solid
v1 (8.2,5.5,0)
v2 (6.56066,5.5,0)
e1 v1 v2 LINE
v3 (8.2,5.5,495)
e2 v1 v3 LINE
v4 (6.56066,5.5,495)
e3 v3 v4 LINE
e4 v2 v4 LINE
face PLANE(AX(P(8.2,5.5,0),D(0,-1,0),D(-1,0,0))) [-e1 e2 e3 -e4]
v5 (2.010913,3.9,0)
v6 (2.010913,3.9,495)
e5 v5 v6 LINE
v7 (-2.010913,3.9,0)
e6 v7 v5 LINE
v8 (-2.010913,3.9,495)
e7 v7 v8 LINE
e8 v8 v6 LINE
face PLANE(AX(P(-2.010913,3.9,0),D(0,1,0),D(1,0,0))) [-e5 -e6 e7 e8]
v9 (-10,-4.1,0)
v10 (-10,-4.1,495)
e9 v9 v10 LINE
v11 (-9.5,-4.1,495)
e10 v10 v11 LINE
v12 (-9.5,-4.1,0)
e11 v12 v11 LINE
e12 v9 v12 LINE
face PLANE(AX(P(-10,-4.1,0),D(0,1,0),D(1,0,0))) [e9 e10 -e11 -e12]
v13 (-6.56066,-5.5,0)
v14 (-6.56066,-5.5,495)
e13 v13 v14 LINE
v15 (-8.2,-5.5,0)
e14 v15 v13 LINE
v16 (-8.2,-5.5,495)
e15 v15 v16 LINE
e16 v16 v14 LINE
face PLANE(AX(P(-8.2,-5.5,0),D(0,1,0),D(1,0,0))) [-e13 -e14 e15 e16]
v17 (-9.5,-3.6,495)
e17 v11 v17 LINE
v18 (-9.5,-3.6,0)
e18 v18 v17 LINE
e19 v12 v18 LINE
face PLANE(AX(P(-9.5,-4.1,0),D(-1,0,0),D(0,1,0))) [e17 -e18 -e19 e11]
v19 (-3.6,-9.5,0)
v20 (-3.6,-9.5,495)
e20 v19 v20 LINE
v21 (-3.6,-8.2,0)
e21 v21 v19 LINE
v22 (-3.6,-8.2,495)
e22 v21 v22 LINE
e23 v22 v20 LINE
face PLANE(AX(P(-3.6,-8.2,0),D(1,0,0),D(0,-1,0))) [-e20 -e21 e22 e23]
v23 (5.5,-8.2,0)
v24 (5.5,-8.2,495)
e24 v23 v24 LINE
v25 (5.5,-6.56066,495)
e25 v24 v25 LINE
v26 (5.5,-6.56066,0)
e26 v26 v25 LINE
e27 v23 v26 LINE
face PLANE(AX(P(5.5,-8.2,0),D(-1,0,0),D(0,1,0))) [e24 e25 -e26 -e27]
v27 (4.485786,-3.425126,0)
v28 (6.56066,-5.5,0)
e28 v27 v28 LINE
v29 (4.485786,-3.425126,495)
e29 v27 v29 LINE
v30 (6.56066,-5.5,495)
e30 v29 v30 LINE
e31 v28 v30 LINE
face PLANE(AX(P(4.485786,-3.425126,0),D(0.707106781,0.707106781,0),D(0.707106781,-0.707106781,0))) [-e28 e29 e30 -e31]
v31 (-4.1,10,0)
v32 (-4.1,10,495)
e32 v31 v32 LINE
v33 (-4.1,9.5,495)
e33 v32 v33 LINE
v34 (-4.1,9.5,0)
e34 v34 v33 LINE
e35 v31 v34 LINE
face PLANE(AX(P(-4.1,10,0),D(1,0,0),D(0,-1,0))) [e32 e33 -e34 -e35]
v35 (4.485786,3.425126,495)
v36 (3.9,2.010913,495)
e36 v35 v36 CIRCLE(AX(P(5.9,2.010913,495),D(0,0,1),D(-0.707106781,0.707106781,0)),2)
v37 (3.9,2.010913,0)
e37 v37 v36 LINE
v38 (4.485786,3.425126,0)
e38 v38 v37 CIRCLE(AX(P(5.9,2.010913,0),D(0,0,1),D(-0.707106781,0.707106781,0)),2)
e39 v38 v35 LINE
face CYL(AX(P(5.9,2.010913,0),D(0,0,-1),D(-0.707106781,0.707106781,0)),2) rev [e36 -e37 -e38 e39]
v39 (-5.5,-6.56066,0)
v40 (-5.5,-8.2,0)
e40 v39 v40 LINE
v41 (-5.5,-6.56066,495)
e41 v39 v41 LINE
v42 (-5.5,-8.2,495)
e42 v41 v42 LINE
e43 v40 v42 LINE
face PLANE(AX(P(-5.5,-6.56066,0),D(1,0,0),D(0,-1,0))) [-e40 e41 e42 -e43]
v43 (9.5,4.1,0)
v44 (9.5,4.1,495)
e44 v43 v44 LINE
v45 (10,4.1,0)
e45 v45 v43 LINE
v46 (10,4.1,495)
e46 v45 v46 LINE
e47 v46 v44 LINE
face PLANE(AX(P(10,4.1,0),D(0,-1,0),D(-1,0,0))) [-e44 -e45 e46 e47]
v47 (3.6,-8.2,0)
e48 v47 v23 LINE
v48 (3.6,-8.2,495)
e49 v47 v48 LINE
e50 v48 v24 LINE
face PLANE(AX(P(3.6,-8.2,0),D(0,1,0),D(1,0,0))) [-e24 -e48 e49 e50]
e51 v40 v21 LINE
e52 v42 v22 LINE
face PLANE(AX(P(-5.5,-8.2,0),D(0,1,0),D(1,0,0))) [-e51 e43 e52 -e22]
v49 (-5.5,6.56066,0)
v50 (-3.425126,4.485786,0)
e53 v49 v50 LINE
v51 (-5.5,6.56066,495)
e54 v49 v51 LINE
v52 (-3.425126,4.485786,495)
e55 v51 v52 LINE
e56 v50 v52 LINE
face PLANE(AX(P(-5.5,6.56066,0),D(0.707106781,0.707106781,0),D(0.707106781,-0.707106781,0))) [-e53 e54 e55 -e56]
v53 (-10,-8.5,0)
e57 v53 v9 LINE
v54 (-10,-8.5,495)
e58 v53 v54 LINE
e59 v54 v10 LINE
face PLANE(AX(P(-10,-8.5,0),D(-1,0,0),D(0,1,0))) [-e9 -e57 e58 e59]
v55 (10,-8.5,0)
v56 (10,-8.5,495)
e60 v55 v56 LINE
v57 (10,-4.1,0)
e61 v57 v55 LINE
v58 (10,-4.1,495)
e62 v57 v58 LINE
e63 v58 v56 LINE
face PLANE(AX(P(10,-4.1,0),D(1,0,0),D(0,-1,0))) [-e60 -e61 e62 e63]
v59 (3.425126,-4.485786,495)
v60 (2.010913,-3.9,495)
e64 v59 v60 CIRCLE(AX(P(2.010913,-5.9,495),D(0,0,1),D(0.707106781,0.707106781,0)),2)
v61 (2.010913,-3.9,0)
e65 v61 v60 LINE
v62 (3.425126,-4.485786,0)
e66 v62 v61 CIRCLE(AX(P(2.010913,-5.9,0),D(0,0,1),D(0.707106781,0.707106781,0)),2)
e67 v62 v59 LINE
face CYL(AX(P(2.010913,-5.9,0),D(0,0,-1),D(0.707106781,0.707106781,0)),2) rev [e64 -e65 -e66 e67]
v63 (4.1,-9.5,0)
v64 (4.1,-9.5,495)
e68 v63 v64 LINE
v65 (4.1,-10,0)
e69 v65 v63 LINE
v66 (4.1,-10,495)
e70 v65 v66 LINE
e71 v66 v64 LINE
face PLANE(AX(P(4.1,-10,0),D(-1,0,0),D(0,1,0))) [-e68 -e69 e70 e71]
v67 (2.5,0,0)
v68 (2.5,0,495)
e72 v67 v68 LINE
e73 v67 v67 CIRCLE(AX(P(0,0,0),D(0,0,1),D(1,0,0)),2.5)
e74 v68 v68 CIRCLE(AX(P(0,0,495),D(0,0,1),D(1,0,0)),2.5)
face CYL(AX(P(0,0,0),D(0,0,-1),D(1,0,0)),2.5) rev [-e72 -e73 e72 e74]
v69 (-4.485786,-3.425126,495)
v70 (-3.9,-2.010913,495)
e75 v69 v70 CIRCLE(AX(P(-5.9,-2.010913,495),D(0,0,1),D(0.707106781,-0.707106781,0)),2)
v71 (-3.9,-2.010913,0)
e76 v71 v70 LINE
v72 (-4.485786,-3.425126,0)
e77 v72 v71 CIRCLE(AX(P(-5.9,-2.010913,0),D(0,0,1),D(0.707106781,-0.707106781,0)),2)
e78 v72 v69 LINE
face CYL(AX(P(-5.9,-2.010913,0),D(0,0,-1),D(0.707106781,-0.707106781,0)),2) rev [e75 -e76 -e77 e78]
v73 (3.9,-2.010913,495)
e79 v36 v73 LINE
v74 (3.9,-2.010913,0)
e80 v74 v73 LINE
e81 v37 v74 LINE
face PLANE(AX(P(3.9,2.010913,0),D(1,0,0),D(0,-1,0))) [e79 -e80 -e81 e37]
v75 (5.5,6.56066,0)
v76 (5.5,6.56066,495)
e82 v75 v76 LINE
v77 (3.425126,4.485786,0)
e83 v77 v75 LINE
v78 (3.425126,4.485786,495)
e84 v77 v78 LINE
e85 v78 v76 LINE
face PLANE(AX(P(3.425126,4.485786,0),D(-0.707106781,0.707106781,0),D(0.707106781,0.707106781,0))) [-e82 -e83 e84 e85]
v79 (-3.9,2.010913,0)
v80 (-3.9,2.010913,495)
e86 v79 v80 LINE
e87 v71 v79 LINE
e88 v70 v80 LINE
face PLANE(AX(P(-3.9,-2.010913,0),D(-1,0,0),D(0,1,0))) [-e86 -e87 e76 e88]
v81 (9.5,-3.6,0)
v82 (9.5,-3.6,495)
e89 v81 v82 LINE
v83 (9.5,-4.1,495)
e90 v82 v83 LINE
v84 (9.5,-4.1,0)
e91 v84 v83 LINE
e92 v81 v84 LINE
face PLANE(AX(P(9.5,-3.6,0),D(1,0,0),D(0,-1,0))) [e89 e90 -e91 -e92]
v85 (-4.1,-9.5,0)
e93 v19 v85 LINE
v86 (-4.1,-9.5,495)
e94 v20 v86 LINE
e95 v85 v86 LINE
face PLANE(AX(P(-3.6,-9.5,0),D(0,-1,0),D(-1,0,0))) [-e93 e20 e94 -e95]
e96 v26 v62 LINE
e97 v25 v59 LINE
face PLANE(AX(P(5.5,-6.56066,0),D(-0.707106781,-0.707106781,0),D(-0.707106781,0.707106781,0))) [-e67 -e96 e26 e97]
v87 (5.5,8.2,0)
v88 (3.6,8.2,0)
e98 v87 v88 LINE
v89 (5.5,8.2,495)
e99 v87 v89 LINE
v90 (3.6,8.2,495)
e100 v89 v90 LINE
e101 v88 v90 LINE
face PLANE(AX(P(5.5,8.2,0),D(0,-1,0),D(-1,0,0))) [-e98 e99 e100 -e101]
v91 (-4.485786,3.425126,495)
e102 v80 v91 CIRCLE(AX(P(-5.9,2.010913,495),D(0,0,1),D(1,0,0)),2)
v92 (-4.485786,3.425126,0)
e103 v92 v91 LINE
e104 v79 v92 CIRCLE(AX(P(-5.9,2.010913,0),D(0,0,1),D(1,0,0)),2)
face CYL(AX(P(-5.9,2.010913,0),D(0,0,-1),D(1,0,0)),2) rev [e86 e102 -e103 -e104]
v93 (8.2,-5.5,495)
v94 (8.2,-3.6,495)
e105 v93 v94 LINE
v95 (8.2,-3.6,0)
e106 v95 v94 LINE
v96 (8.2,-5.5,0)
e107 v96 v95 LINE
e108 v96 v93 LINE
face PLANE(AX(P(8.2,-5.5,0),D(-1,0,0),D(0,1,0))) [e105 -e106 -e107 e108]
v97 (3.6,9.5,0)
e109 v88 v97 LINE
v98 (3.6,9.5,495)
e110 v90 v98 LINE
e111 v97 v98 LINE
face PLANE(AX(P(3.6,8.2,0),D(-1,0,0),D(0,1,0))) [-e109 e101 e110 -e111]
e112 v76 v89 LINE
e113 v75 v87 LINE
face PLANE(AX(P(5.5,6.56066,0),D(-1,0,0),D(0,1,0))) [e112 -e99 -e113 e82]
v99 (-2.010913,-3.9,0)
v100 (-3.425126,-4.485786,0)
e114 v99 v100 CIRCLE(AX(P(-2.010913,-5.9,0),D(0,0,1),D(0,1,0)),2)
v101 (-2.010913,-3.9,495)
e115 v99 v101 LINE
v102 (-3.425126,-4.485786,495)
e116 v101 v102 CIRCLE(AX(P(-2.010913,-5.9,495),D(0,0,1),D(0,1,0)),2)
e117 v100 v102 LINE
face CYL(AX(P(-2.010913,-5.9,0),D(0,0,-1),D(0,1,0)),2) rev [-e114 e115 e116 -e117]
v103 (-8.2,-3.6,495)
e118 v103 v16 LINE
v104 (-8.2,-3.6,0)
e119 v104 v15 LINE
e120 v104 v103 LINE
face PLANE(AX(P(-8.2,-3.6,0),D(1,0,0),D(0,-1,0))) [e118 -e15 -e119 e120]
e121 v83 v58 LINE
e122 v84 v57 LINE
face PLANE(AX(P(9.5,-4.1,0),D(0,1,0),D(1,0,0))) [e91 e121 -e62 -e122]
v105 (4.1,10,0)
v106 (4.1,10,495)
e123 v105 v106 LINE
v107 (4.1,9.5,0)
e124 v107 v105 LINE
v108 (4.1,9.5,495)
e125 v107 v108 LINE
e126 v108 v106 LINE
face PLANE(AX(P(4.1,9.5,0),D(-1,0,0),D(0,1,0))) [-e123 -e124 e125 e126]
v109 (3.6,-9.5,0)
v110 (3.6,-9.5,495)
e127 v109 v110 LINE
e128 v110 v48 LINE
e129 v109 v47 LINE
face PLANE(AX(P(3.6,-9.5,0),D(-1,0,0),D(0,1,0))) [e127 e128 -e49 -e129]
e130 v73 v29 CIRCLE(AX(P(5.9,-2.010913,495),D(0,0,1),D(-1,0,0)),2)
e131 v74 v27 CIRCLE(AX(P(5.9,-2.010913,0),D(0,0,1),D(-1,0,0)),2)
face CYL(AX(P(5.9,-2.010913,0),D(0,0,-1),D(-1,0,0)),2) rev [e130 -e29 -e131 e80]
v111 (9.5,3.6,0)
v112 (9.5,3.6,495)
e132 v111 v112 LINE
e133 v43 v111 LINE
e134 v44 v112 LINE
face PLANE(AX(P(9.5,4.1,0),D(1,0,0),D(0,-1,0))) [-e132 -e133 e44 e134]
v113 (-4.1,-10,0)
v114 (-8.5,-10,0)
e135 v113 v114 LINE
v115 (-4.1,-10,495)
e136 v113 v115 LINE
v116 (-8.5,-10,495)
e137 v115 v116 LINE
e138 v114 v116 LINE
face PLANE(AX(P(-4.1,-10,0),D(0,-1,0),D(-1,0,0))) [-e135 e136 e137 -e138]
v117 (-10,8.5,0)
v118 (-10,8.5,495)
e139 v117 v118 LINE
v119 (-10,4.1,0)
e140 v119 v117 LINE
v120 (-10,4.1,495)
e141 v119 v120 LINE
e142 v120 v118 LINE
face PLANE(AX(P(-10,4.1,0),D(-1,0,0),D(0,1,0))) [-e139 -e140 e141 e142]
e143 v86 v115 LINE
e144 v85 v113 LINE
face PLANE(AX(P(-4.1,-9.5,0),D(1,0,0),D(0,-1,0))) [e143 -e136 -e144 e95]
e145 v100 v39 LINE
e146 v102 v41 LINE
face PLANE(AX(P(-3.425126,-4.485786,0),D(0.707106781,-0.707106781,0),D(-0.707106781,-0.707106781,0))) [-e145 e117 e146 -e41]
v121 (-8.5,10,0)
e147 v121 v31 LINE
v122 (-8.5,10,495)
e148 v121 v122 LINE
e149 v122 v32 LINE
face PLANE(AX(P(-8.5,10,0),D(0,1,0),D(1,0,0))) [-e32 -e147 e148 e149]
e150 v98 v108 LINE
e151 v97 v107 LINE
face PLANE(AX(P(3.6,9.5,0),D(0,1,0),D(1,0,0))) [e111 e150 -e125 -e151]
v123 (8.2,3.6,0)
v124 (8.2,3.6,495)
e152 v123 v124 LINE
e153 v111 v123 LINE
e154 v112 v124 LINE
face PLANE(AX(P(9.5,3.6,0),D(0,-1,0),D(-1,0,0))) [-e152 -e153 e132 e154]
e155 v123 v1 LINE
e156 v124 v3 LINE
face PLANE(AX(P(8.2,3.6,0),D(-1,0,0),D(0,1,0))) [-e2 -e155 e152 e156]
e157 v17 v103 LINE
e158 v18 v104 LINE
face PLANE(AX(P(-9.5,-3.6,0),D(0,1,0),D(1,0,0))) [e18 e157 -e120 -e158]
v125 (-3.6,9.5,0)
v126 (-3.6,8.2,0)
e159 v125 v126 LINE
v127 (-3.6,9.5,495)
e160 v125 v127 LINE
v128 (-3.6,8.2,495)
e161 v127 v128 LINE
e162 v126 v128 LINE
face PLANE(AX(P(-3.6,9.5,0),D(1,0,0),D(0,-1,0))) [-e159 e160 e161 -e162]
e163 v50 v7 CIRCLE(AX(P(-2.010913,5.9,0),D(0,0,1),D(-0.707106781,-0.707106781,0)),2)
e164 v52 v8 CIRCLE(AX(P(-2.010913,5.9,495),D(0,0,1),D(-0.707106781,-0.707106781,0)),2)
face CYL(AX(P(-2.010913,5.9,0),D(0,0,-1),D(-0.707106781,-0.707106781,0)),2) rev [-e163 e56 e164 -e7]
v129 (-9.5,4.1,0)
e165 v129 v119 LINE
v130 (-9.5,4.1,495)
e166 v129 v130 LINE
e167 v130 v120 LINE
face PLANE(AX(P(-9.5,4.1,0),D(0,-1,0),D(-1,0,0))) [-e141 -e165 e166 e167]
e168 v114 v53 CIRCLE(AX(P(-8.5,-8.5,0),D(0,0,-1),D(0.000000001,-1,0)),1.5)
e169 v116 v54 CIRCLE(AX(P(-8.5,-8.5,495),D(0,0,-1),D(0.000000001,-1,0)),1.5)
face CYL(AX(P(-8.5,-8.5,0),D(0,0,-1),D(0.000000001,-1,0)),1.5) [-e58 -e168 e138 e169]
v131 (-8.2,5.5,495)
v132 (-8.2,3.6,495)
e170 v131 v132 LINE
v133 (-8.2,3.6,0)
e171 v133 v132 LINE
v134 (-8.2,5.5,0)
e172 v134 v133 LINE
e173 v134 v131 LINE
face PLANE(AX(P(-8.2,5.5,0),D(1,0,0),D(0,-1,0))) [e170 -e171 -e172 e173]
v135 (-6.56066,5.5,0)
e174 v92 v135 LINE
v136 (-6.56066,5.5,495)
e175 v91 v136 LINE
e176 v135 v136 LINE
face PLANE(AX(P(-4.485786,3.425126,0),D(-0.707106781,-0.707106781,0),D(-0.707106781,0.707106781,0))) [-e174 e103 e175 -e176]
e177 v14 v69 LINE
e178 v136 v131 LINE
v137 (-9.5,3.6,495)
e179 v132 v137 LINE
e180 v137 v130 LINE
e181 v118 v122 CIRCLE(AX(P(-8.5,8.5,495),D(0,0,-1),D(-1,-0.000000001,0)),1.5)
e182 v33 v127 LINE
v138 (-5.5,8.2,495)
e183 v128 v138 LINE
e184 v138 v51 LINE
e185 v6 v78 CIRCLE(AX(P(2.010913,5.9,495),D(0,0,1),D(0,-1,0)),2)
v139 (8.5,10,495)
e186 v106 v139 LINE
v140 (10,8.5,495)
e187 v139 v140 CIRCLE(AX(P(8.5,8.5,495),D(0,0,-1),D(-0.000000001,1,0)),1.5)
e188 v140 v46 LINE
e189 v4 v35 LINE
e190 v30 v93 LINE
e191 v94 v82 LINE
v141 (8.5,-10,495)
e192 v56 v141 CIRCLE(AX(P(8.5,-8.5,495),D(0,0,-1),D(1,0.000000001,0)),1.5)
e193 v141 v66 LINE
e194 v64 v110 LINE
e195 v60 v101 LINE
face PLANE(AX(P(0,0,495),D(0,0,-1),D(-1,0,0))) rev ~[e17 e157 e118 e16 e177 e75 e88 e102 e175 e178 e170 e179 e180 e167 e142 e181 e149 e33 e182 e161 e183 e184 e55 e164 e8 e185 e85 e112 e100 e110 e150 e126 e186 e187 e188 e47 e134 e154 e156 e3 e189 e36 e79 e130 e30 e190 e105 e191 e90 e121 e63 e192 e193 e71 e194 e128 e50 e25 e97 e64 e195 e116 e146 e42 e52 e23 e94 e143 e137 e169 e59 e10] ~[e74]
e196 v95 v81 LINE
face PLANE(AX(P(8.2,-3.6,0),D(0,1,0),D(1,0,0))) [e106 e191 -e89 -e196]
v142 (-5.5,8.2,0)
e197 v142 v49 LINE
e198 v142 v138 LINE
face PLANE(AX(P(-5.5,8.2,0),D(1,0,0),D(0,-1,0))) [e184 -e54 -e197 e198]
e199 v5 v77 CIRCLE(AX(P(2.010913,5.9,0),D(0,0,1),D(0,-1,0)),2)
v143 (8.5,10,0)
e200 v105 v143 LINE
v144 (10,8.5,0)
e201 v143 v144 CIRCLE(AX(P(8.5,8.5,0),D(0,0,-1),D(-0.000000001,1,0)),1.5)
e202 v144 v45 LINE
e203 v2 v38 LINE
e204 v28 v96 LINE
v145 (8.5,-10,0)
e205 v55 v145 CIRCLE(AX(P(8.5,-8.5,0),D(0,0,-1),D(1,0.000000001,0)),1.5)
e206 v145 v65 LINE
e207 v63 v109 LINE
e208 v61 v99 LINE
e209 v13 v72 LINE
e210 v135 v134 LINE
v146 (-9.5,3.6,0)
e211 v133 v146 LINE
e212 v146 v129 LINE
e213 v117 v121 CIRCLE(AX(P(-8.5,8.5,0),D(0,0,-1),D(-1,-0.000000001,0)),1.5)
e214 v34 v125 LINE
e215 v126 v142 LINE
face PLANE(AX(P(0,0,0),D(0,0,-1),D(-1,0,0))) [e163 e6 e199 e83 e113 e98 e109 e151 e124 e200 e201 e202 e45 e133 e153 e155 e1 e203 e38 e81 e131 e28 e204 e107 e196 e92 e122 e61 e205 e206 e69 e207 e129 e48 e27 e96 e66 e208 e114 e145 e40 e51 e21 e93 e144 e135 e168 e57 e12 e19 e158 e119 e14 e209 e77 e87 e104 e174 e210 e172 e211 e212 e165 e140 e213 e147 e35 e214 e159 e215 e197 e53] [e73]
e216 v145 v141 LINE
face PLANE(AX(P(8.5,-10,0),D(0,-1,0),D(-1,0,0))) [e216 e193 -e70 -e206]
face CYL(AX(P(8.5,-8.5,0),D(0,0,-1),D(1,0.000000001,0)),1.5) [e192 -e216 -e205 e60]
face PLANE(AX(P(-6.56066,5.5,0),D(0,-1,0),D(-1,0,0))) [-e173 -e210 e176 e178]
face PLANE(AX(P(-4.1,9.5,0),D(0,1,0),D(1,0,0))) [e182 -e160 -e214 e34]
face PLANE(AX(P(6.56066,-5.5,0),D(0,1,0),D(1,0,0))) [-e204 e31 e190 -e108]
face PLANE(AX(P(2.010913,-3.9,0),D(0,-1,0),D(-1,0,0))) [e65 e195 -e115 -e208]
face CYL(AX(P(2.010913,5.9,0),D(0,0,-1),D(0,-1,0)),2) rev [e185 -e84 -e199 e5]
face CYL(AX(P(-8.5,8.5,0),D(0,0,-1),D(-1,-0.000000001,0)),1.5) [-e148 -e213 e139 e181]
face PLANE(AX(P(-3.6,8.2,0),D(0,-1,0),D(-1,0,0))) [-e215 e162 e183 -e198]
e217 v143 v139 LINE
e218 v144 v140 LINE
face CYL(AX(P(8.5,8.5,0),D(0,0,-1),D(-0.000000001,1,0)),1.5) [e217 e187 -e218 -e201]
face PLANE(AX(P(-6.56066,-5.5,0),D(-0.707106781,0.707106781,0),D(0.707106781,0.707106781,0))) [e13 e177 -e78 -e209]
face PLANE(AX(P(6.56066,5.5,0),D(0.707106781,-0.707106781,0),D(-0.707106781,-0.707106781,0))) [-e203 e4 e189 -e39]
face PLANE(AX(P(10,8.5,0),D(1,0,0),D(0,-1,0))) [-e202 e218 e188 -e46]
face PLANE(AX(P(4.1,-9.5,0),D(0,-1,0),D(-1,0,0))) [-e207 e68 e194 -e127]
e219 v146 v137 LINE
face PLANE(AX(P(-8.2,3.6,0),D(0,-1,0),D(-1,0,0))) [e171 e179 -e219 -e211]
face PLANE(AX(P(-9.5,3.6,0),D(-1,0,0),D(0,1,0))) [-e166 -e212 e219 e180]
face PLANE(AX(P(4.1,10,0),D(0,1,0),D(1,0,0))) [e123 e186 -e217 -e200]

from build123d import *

# Parameters (mm, degrees)
SKETCH1_R           = 2.5
BOSS_EXTRUDE2_DEPTH = 495


with BuildPart() as part:
    # Sketch1 → Boss-Extrude2 (new body)
    with BuildSketch(Plane.XY):
        with BuildLine():
            Line((10, -4.1), (10, -8.5))
            ThreePointArc((10, -8.5), (9.560660172, -9.560660172), (8.5, -10))
            Line((8.5, -10), (4.1, -10))
            Line((4.1, -10), (4.1, -9.5))
            Line((4.1, -9.5), (3.6, -9.5))
            Line((3.6, -9.5), (3.6, -8.2))
            Line((3.6, -8.2), (5.5, -8.2))
            Line((5.5, -8.2), (5.5, -6.560660172))
            Line((5.5, -6.560660172), (3.425126266, -4.485786438))
            ThreePointArc((3.425126266, -4.485786438), (2.776279568, -4.052240935), (2.010912703, -3.9))
            Line((2.010912703, -3.9), (-2.010912703, -3.9))
            ThreePointArc((-2.010912703, -3.9), (-2.776279568, -4.052240935), (-3.425126266, -4.485786438))
            Line((-3.425126266, -4.485786438), (-5.5, -6.560660172))
            Line((-5.5, -6.560660172), (-5.5, -8.2))
            Line((-5.5, -8.2), (-3.6, -8.2))
            Line((-3.6, -8.2), (-3.6, -9.5))
            Line((-3.6, -9.5), (-4.1, -9.5))
            Line((-4.1, -9.5), (-4.1, -10))
            Line((-4.1, -10), (-8.5, -10))
            ThreePointArc((-8.5, -10), (-9.560660172, -9.560660172), (-10, -8.5))
            Line((-10, -8.5), (-10, -4.1))
            Line((-10, -4.1), (-9.5, -4.1))
            Line((-9.5, -4.1), (-9.5, -3.6))
            Line((-9.5, -3.6), (-8.2, -3.6))
            Line((-8.2, -3.6), (-8.2, -5.5))
            Line((-8.2, -5.5), (-6.560660172, -5.5))
            Line((-6.560660172, -5.5), (-4.485786438, -3.425126266))
            ThreePointArc((-4.485786438, -3.425126266), (-4.052240935, -2.776279568), (-3.9, -2.010912703))
            Line((-3.9, -2.010912703), (-3.9, 2.010912703))
            ThreePointArc((-3.9, 2.010912703), (-4.052240935, 2.776279568), (-4.485786438, 3.425126266))
            Line((-4.485786438, 3.425126266), (-6.560660172, 5.5))
            Line((-6.560660172, 5.5), (-8.2, 5.5))
            Line((-8.2, 5.5), (-8.2, 3.6))
            Line((-8.2, 3.6), (-9.5, 3.6))
            Line((-9.5, 3.6), (-9.5, 4.1))
            Line((-9.5, 4.1), (-10, 4.1))
            Line((-10, 4.1), (-10, 8.5))
            ThreePointArc((-10, 8.5), (-9.560660172, 9.560660172), (-8.5, 10))
            Line((-8.5, 10), (-4.1, 10))
            Line((-4.1, 10), (-4.1, 9.5))
            Line((-4.1, 9.5), (-3.6, 9.5))
            Line((-3.6, 9.5), (-3.6, 8.2))
            Line((-3.6, 8.2), (-5.5, 8.2))
            Line((-5.5, 8.2), (-5.5, 6.560660172))
            Line((-5.5, 6.560660172), (-3.425126266, 4.485786438))
            ThreePointArc((-3.425126266, 4.485786438), (-2.776279568, 4.052240935), (-2.010912703, 3.9))
            Line((-2.010912703, 3.9), (2.010912703, 3.9))
            ThreePointArc((2.010912703, 3.9), (2.776279568, 4.052240935), (3.425126266, 4.485786438))
            Line((3.425126266, 4.485786438), (5.5, 6.560660172))
            Line((5.5, 6.560660172), (5.5, 8.2))
            Line((5.5, 8.2), (3.6, 8.2))
            Line((3.6, 8.2), (3.6, 9.5))
            Line((3.6, 9.5), (4.1, 9.5))
            Line((4.1, 9.5), (4.1, 10))
            Line((4.1, 10), (8.5, 10))
            ThreePointArc((8.5, 10), (9.560660172, 9.560660172), (10, 8.5))
            Line((10, 8.5), (10, 4.1))
            Line((10, 4.1), (9.5, 4.1))
            Line((9.5, 4.1), (9.5, 3.6))
            Line((9.5, 3.6), (8.2, 3.6))
            Line((8.2, 3.6), (8.2, 5.5))
            Line((8.2, 5.5), (6.560660172, 5.5))
            Line((6.560660172, 5.5), (4.485786438, 3.425126266))
            ThreePointArc((4.485786438, 3.425126266), (4.052240935, 2.776279568), (3.9, 2.010912703))
            Line((3.9, 2.010912703), (3.9, -2.010912703))
            ThreePointArc((3.9, -2.010912703), (4.052240935, -2.776279568), (4.485786438, -3.425126266))
            Line((4.485786438, -3.425126266), (6.560660172, -5.5))
            Line((6.560660172, -5.5), (8.2, -5.5))
            Line((8.2, -5.5), (8.2, -3.6))
            Line((8.2, -3.6), (9.5, -3.6))
            Line((9.5, -3.6), (9.5, -4.1))
            Line((9.5, -4.1), (10, -4.1))
        make_face()
        Circle(SKETCH1_R, mode=Mode.SUBTRACT)
    extrude(amount=BOSS_EXTRUDE2_DEPTH)


solid = part.part
